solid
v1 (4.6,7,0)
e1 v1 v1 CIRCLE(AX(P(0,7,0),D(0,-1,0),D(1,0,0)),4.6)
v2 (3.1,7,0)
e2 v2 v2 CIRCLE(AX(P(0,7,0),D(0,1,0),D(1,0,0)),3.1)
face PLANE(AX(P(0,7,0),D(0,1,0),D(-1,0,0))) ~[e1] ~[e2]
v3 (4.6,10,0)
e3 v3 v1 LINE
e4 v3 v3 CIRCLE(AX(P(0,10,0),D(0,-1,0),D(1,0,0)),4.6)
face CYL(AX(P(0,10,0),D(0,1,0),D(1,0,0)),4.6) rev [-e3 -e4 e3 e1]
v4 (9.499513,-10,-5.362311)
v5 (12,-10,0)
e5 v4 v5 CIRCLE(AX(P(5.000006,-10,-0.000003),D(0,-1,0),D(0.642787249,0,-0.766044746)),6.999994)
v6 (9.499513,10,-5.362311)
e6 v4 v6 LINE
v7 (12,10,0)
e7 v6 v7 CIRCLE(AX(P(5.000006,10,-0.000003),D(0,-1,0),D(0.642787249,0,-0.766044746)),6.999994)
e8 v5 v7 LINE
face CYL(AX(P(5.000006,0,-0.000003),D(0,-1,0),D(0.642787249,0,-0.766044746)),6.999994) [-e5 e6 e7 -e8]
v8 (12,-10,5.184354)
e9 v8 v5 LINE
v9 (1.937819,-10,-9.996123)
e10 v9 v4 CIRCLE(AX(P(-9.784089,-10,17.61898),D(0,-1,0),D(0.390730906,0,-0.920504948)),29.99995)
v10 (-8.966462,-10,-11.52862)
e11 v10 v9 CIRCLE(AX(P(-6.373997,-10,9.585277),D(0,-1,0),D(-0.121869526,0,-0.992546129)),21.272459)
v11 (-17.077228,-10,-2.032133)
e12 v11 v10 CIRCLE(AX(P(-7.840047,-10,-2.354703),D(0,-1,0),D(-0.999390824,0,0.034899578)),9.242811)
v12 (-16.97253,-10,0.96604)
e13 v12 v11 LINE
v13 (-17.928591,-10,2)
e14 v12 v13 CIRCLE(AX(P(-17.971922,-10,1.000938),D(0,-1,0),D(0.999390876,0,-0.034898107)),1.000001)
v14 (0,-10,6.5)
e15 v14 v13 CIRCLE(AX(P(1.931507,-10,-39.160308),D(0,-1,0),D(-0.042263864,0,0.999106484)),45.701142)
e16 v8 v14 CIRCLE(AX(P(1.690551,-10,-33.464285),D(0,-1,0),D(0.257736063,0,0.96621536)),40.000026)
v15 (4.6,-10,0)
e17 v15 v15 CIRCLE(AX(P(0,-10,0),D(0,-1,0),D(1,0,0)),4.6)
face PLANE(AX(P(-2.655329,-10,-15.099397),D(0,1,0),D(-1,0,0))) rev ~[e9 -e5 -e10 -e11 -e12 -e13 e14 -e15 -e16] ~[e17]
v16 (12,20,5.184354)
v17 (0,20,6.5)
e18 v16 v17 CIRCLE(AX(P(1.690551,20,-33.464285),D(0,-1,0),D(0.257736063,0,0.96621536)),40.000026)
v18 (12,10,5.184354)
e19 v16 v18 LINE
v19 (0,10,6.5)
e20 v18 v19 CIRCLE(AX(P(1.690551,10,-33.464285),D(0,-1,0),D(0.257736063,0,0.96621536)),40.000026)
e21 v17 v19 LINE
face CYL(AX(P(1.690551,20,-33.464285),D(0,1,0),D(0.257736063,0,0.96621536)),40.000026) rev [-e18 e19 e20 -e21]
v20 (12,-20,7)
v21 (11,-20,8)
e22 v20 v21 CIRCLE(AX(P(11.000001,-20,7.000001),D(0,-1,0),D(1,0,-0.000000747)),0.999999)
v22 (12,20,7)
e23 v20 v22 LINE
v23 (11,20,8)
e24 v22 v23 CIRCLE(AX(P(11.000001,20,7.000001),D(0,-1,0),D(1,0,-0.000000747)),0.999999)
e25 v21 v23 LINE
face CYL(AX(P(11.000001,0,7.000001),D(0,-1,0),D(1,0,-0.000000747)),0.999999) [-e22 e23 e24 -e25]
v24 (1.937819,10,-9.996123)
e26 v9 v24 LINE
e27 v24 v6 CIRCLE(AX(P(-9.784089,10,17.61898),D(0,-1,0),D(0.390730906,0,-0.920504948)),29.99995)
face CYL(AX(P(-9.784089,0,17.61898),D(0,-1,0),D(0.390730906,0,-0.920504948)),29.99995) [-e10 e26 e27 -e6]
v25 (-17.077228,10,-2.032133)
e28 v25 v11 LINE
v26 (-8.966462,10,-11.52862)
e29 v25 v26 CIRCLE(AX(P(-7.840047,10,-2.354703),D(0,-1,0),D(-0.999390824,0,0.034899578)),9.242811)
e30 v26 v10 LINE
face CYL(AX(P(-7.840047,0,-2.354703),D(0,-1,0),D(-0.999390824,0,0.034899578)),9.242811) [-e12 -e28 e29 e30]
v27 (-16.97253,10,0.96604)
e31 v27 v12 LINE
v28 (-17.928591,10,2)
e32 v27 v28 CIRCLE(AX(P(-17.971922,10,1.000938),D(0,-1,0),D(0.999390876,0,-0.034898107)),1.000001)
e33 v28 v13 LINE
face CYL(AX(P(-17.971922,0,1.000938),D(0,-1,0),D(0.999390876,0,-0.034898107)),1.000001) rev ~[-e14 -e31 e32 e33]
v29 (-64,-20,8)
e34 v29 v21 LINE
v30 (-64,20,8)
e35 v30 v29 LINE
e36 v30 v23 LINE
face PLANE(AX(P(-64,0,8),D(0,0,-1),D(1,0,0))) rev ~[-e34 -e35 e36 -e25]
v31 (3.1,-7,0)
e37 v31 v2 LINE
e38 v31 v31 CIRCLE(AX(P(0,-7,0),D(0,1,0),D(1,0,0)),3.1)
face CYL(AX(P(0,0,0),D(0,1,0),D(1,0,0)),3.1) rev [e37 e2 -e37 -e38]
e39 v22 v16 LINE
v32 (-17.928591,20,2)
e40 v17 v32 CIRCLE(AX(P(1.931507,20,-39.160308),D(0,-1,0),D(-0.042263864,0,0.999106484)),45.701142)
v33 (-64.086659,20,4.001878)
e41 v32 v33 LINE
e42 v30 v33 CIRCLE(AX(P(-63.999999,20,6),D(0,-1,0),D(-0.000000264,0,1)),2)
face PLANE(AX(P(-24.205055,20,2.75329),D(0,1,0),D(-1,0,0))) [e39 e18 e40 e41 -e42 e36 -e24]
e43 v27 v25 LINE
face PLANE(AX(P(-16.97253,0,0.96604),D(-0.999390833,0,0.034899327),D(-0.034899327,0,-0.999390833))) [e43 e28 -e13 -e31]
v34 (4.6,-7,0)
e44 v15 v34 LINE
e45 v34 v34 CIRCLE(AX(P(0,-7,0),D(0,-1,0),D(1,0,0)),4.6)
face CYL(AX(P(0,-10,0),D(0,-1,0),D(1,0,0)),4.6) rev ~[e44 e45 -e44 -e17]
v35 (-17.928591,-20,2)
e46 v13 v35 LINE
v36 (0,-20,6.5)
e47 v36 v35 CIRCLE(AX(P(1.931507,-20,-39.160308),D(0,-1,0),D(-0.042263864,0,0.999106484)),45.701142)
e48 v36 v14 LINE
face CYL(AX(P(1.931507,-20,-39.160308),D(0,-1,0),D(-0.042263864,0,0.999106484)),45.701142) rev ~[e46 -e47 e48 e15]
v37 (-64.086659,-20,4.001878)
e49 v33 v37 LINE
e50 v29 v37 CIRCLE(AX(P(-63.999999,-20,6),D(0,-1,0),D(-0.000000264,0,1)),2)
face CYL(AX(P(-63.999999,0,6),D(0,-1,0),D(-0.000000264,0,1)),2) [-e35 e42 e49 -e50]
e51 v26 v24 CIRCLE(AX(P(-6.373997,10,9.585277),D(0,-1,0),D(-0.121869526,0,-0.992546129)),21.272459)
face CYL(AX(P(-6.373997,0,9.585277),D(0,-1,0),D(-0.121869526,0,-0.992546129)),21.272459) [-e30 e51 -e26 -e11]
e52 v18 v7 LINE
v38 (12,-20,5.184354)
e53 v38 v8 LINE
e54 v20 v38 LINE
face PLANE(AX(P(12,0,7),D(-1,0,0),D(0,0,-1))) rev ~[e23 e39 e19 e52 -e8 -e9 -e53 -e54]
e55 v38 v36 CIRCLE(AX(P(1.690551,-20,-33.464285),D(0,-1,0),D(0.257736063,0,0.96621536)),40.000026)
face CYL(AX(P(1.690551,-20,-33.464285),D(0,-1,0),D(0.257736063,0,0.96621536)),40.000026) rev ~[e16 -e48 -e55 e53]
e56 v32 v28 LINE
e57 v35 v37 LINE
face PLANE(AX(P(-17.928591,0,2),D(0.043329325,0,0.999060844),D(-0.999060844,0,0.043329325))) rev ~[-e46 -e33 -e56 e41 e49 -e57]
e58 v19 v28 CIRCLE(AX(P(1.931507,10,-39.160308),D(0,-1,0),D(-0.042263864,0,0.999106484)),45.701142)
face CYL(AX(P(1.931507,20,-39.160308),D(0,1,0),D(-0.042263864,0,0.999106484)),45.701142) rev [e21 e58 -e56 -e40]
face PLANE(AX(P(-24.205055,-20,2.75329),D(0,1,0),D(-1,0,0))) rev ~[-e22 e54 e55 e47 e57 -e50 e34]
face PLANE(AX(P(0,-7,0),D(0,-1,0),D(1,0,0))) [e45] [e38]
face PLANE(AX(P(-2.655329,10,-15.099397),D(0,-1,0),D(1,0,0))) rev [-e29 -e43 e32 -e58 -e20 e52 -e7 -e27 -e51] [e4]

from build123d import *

# Parameters (mm, degrees)
SKETCH_R        = 3.1
PAD_DEPTH       = 20
POCKET001_DEPTH = 10
SKETCH001_R     = 4.6
POCKET_DEPTH    = 3


with BuildPart() as part:
    # Sketch → Pad (new body, symmetric)
    with BuildSketch(Plane.XZ):
        with BuildLine():
            Line((-64, 8), (11, 8))
            ThreePointArc((12, 7), (11.707107, 7.707107), (11, 8))
            Line((12, 7), (12, 0))
            ThreePointArc((9.499513, -5.362311), (11.344155, -2.958328), (12, 0))
            ThreePointArc((1.937819, -9.996123), (5.890842, -7.960183), (9.499513, -5.362311))
            ThreePointArc((-8.966462, -11.52862), (-3.413443, -11.48016), (1.937819, -9.996123))
            ThreePointArc((-17.077228, -2.032133), (-14.868336, -8.357429), (-8.966462, -11.52862))
            Line((-16.97253, 0.96604), (-17.077228, -2.032133))
            ThreePointArc((-16.97253, 0.96604), (-17.237697, 1.679846), (-17.928591, 2))
            Line((-17.928591, 2), (-64.086659, 4.001878))
            ThreePointArc((-64, 8), (-65.99953, 6.04334), (-64.086659, 4.001878))
        make_face()
        Circle(SKETCH_R, mode=Mode.SUBTRACT)
    extrude(amount=PAD_DEPTH, both=True)

    # Sketch007 → Pocket001 (cut)
    with BuildSketch(Plane.XZ.offset(20)):
        with BuildLine():
            Line((12, 5.184354), (12, -34.815646))
            Line((12, -34.815646), (-17.928591, -34.815646))
            Line((-17.928591, 2), (-17.928591, -34.815646))
            ThreePointArc((0, 6.5), (-9.194185, 5.165908), (-17.928591, 2))
            ThreePointArc((12, 5.184354), (6.049918, 6.29748), (0, 6.5))
        make_face()
    pocket001 = extrude(amount=-POCKET001_DEPTH, mode=Mode.SUBTRACT)

    # Sketch001 → Pocket (cut)
    with BuildSketch(Plane.XZ.offset(10)):
        Circle(SKETCH001_R)
    pocket = extrude(amount=-POCKET_DEPTH, mode=Mode.SUBTRACT)

    # Mirrored: Pocket, Pocket001 across XZ
    add(pocket.mirror(Plane.XZ), mode=Mode.SUBTRACT)
    add(pocket001.mirror(Plane.XZ), mode=Mode.SUBTRACT)


solid = part.part
